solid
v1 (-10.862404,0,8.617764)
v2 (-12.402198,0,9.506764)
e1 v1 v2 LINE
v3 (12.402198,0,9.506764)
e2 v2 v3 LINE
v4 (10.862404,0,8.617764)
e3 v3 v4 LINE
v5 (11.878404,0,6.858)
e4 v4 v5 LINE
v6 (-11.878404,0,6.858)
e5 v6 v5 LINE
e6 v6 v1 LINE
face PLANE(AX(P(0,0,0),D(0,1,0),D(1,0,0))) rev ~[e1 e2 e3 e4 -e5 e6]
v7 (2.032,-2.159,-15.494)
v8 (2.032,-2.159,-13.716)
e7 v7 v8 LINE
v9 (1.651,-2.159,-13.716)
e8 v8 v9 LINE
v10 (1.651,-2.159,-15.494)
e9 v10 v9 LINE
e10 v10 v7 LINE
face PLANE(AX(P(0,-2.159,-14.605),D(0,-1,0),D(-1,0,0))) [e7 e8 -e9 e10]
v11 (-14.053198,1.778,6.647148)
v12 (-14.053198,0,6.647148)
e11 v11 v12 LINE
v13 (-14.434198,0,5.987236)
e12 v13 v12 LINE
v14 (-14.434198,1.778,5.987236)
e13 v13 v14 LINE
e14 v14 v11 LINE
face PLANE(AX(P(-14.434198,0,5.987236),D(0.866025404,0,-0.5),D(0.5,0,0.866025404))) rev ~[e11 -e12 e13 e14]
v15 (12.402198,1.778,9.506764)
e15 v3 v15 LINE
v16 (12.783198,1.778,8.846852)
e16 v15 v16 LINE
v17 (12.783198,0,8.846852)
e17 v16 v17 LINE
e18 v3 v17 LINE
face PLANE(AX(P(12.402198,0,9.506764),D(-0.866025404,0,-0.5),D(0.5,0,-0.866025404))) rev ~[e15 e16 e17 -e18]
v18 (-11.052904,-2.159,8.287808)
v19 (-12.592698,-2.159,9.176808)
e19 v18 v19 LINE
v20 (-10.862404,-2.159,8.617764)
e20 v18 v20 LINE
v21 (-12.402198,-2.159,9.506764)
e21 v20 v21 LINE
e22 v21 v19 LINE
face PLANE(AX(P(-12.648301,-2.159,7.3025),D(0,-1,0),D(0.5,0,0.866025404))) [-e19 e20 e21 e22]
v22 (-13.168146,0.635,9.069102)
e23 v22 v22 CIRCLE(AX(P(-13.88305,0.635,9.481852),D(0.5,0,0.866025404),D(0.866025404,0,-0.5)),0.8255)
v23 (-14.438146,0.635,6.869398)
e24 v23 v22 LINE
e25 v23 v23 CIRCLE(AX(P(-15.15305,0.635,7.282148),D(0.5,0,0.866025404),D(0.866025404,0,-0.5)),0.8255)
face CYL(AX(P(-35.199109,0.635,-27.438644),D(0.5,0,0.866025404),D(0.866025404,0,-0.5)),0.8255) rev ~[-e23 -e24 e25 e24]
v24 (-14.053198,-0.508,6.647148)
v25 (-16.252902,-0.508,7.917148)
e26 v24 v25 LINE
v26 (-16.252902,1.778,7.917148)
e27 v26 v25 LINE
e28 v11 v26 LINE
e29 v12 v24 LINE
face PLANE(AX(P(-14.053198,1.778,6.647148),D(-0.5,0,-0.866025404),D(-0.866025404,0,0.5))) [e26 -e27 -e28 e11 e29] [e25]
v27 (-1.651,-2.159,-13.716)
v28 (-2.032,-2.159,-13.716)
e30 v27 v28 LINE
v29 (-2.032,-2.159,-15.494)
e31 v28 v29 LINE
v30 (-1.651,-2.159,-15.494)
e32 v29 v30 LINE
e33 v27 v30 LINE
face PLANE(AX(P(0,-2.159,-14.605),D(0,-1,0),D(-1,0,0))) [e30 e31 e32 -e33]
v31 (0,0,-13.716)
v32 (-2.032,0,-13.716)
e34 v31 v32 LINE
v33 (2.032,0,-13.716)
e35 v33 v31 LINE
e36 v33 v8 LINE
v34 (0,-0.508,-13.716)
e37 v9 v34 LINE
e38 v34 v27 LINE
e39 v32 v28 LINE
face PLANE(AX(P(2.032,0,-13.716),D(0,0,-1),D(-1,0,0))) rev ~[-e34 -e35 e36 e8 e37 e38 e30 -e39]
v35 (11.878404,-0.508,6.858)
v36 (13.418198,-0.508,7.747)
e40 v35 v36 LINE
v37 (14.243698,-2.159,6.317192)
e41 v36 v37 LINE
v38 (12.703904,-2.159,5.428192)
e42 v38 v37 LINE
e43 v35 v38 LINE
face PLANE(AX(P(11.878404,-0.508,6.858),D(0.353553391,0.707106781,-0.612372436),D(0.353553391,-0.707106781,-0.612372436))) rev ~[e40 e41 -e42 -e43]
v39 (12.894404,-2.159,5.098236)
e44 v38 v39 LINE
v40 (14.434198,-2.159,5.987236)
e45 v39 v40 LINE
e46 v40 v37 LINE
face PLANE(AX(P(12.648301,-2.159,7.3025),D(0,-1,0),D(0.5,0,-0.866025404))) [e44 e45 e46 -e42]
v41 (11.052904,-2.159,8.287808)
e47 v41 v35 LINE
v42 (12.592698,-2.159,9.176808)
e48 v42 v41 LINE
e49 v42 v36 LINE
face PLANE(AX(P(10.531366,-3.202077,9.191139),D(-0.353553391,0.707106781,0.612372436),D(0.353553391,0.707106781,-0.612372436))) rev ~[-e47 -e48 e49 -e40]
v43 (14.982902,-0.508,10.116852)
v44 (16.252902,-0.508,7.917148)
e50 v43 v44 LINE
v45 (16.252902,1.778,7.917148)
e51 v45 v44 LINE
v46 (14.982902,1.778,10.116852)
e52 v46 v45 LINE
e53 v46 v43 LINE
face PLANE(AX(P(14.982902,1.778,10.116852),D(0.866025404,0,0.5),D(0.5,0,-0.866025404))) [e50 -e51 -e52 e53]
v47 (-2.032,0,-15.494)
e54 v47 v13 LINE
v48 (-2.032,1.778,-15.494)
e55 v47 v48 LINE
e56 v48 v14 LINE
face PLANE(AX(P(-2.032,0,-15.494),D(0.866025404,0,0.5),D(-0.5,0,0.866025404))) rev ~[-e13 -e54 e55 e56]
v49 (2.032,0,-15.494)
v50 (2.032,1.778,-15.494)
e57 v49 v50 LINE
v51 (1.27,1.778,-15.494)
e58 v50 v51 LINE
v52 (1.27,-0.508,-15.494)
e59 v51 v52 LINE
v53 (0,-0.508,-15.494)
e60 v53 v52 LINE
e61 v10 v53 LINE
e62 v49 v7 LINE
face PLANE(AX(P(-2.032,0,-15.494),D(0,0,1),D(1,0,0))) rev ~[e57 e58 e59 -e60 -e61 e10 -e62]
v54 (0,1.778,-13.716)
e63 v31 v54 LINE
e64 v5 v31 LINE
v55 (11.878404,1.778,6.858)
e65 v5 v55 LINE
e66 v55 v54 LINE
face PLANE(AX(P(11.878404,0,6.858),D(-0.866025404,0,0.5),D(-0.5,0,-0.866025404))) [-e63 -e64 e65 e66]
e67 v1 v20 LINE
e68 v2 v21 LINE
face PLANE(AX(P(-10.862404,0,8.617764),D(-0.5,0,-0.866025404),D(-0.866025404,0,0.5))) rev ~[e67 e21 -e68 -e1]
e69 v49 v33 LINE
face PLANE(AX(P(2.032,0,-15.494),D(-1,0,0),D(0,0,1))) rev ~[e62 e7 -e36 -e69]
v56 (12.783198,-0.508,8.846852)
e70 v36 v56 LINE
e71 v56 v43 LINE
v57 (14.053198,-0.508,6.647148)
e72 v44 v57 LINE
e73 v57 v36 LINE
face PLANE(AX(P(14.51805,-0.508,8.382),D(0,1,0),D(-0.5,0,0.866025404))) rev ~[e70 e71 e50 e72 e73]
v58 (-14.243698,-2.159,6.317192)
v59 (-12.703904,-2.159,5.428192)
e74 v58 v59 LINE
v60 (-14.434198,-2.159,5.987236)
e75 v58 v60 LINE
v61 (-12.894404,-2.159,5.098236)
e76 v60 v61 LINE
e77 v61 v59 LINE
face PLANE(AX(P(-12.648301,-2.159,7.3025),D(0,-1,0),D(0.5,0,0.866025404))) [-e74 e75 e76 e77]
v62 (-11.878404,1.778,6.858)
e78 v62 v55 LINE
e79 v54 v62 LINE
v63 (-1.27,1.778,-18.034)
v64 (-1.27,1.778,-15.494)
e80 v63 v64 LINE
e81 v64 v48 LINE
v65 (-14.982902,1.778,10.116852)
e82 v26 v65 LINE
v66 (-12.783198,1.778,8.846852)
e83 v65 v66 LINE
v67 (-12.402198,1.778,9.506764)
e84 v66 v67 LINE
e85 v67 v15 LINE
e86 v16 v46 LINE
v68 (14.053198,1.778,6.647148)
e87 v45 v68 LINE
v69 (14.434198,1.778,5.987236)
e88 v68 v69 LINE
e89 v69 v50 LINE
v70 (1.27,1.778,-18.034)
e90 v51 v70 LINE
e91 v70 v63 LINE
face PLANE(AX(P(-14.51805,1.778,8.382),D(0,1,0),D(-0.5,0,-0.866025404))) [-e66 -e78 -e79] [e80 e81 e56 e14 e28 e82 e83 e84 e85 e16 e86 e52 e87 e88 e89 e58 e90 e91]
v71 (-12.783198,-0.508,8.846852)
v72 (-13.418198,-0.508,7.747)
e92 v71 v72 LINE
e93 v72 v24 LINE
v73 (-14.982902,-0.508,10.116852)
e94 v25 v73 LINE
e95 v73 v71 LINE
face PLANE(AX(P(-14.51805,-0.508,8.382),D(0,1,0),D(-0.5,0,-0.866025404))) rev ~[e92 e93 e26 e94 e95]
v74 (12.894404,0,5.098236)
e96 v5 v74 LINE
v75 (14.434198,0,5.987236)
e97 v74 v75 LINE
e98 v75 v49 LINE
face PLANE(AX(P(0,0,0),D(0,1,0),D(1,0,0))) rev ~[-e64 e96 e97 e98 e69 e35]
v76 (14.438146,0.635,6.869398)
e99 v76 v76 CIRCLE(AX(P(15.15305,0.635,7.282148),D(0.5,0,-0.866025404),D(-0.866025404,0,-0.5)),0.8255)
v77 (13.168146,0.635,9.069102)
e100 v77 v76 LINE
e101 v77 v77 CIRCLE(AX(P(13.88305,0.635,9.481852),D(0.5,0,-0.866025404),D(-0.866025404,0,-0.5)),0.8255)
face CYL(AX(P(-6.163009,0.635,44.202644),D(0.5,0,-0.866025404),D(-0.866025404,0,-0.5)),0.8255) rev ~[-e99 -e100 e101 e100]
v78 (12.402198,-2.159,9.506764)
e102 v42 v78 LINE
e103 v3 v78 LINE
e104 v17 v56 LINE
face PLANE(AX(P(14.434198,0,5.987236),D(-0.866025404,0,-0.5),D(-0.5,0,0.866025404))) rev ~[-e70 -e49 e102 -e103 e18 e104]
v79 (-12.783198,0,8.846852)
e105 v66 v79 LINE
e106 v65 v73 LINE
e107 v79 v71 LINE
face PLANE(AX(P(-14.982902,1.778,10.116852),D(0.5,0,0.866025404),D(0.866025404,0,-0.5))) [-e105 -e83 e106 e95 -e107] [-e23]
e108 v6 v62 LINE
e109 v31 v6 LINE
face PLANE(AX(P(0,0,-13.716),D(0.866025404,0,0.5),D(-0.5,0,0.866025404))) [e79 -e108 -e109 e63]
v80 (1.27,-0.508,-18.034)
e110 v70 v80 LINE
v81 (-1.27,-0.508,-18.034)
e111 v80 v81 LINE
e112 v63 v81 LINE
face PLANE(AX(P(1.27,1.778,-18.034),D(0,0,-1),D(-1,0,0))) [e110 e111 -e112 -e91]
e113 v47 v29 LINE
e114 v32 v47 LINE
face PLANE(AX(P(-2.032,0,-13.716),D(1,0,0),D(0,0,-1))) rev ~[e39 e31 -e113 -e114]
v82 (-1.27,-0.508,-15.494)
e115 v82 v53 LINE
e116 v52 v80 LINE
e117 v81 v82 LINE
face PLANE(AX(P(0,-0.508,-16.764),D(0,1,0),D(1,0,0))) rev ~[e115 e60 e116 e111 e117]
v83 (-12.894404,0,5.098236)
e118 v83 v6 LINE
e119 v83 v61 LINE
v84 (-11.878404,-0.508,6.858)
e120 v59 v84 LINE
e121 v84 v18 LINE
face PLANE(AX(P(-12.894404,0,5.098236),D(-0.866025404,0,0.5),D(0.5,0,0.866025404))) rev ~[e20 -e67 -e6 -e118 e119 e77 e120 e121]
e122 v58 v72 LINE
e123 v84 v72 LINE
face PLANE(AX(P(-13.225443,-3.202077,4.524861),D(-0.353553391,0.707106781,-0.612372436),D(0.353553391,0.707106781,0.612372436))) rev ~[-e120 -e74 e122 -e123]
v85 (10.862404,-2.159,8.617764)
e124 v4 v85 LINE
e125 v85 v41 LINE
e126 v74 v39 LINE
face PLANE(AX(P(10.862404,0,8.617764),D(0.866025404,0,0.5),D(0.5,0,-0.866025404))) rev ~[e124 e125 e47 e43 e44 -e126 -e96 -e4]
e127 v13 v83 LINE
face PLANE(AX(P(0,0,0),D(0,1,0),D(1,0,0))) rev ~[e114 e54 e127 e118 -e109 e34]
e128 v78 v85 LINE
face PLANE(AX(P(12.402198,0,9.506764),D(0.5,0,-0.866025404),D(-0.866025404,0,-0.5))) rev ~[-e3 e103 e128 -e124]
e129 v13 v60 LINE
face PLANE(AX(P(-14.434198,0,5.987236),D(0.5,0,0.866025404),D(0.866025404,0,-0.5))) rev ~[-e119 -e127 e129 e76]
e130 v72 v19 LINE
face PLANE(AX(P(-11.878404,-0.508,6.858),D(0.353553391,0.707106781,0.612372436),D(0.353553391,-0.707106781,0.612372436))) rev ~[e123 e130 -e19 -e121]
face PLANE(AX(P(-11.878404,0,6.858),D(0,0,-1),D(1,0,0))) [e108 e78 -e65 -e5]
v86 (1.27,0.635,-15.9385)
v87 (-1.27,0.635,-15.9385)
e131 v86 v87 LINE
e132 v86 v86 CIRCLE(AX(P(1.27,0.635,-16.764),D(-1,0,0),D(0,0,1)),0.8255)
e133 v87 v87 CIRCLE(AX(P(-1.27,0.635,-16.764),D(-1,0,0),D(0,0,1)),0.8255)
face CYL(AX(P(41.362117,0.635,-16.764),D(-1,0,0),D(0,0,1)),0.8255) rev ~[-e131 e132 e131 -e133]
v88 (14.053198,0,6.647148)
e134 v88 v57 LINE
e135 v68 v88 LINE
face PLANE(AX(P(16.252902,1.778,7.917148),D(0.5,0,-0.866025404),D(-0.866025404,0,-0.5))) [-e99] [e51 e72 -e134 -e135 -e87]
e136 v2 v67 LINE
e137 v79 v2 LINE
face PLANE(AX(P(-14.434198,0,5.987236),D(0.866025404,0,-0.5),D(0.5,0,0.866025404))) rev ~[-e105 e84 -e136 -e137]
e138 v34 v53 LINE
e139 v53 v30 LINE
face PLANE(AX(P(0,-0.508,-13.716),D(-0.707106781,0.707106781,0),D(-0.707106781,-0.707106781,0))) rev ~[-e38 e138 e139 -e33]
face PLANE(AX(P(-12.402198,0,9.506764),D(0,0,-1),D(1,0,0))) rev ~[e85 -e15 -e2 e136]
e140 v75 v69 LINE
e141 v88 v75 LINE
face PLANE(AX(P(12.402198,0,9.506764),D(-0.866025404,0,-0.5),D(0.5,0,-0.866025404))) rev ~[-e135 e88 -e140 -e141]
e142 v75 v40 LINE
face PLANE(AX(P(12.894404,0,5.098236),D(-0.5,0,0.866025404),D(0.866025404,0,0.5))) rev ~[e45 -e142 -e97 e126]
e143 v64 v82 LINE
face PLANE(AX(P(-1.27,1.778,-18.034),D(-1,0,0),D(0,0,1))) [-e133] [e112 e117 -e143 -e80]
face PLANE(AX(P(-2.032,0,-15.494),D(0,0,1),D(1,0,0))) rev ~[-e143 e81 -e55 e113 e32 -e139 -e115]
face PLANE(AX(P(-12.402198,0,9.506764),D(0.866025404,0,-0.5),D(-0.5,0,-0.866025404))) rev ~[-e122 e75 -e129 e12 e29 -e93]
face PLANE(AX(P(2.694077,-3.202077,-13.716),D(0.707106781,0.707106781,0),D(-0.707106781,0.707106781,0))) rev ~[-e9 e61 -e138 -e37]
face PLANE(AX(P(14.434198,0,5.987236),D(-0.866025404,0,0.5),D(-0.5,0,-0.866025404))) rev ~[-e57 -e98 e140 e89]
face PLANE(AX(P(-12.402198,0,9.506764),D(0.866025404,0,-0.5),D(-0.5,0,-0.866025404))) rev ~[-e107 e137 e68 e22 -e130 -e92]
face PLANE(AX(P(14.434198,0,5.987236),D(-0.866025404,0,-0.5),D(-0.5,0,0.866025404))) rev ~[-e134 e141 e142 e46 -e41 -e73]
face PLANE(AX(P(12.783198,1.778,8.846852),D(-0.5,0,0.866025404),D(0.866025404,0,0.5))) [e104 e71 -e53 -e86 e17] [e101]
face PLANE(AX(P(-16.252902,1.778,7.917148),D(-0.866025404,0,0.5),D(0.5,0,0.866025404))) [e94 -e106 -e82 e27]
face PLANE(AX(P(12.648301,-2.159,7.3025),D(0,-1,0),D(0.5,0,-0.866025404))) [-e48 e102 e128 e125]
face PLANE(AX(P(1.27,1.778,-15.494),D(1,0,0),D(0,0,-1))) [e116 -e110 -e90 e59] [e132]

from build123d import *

# Parameters (mm, degrees)
BOSS_EXTRUDE1_DEPTH          = 1.778
BOSS_EXTRUDE2_DEPTH          = 2.159
CUT_EXTRUDE1_DEPTH           = 28.428162383
BOSS_EXTRUDE4_DEPTH          = 2.286
F_97_0_0059_DIAMETER_HOLE1_D = 1.651
CIRPATTERN2_COUNT            = 3
CIRPATTERN3_COUNT            = 3


with BuildPart() as part:
    # Sketch1 → Boss-Extrude1 (new body)
    with BuildSketch(Plane(origin=(0, 0, 0), x_dir=(1, 0, 0), z_dir=(0, 1, 0))):
        Polygon((-2.032, 15.494), (-14.434197606, -5.98723638), (-13.418197606, -7.747), (-12.402197606, -9.50676362), (12.402197606, -9.50676362), (13.418197606, -7.747), (14.434197606, -5.98723638), (2.032, 15.494), (0, 15.494), align=None)
        Polygon((0, 13.716), (-11.878404438, -6.858), (11.878404438, -6.858), align=None, mode=Mode.SUBTRACT)
    extrude(amount=BOSS_EXTRUDE1_DEPTH)

    # Sketch3 → Boss-Extrude2 (add)
    with BuildSketch(Plane(origin=(0, 0, 0), x_dir=(-1, 0, 0), z_dir=(0, -1, 0))):
        Polygon((0, 13.716), (2.032, 13.716), (2.032, 15.494), (-2.032, 15.494), (-2.032, 13.716), align=None)
    boss_extrude2 = extrude(amount=BOSS_EXTRUDE2_DEPTH)

    # Sketch4 → Cut-Extrude1 (cut, through all)
    with BuildSketch(Plane.XY.offset(-13.716)):
        Polygon((0, -0.508), (-2.694076836, -3.202076836), (2.694076836, -3.202076836), align=None)
    cut_extrude1 = extrude(amount=-CUT_EXTRUDE1_DEPTH, mode=Mode.SUBTRACT)

    # Sketch6 → Boss-Extrude4 (add)
    with BuildSketch(Plane(origin=(0, 1.778, 0), x_dir=(1, 0, 0), z_dir=(0, 1, 0))):
        Polygon((0, 15.494), (1.27, 15.494), (1.27, 18.034), (-1.27, 18.034), (-1.27, 15.494), align=None)
    boss_extrude4 = extrude(amount=-BOSS_EXTRUDE4_DEPTH)

    # #97 (0.0059) Diameter Hole1 (through all)
    with Locations(Plane(origin=(1.27, 0, 0), x_dir=(0, 0, -1), z_dir=(1, 0, 0))):
        with Locations((16.764, 0.635)):
            f_97_0_0059_diameter_hole1 = Hole(F_97_0_0059_DIAMETER_HOLE1_D / 2)

    # CirPattern2: Boss-Extrude2, Cut-Extrude1 ×3 about axis
    cirpattern2_axis = Axis((0, 0, 0), (0, 1, 0))
    add([boss_extrude2.rotate(cirpattern2_axis, i * 360 / CIRPATTERN2_COUNT) for i in range(1, CIRPATTERN2_COUNT)])
    add([cut_extrude1.rotate(cirpattern2_axis, i * 360 / CIRPATTERN2_COUNT) for i in range(1, CIRPATTERN2_COUNT)], mode=Mode.SUBTRACT)

    # CirPattern3: Boss-Extrude4, #97 (0.0059) Diameter Hole1 ×3 about axis
    cirpattern3_axis = Axis((0, 0, 0), (0, 1, 0))
    add([boss_extrude4.rotate(cirpattern3_axis, i * 360 / CIRPATTERN3_COUNT) for i in range(1, CIRPATTERN3_COUNT)])
    add([f_97_0_0059_diameter_hole1.rotate(cirpattern3_axis, i * 360 / CIRPATTERN3_COUNT) for i in range(1, CIRPATTERN3_COUNT)], mode=Mode.SUBTRACT)


solid = part.part
